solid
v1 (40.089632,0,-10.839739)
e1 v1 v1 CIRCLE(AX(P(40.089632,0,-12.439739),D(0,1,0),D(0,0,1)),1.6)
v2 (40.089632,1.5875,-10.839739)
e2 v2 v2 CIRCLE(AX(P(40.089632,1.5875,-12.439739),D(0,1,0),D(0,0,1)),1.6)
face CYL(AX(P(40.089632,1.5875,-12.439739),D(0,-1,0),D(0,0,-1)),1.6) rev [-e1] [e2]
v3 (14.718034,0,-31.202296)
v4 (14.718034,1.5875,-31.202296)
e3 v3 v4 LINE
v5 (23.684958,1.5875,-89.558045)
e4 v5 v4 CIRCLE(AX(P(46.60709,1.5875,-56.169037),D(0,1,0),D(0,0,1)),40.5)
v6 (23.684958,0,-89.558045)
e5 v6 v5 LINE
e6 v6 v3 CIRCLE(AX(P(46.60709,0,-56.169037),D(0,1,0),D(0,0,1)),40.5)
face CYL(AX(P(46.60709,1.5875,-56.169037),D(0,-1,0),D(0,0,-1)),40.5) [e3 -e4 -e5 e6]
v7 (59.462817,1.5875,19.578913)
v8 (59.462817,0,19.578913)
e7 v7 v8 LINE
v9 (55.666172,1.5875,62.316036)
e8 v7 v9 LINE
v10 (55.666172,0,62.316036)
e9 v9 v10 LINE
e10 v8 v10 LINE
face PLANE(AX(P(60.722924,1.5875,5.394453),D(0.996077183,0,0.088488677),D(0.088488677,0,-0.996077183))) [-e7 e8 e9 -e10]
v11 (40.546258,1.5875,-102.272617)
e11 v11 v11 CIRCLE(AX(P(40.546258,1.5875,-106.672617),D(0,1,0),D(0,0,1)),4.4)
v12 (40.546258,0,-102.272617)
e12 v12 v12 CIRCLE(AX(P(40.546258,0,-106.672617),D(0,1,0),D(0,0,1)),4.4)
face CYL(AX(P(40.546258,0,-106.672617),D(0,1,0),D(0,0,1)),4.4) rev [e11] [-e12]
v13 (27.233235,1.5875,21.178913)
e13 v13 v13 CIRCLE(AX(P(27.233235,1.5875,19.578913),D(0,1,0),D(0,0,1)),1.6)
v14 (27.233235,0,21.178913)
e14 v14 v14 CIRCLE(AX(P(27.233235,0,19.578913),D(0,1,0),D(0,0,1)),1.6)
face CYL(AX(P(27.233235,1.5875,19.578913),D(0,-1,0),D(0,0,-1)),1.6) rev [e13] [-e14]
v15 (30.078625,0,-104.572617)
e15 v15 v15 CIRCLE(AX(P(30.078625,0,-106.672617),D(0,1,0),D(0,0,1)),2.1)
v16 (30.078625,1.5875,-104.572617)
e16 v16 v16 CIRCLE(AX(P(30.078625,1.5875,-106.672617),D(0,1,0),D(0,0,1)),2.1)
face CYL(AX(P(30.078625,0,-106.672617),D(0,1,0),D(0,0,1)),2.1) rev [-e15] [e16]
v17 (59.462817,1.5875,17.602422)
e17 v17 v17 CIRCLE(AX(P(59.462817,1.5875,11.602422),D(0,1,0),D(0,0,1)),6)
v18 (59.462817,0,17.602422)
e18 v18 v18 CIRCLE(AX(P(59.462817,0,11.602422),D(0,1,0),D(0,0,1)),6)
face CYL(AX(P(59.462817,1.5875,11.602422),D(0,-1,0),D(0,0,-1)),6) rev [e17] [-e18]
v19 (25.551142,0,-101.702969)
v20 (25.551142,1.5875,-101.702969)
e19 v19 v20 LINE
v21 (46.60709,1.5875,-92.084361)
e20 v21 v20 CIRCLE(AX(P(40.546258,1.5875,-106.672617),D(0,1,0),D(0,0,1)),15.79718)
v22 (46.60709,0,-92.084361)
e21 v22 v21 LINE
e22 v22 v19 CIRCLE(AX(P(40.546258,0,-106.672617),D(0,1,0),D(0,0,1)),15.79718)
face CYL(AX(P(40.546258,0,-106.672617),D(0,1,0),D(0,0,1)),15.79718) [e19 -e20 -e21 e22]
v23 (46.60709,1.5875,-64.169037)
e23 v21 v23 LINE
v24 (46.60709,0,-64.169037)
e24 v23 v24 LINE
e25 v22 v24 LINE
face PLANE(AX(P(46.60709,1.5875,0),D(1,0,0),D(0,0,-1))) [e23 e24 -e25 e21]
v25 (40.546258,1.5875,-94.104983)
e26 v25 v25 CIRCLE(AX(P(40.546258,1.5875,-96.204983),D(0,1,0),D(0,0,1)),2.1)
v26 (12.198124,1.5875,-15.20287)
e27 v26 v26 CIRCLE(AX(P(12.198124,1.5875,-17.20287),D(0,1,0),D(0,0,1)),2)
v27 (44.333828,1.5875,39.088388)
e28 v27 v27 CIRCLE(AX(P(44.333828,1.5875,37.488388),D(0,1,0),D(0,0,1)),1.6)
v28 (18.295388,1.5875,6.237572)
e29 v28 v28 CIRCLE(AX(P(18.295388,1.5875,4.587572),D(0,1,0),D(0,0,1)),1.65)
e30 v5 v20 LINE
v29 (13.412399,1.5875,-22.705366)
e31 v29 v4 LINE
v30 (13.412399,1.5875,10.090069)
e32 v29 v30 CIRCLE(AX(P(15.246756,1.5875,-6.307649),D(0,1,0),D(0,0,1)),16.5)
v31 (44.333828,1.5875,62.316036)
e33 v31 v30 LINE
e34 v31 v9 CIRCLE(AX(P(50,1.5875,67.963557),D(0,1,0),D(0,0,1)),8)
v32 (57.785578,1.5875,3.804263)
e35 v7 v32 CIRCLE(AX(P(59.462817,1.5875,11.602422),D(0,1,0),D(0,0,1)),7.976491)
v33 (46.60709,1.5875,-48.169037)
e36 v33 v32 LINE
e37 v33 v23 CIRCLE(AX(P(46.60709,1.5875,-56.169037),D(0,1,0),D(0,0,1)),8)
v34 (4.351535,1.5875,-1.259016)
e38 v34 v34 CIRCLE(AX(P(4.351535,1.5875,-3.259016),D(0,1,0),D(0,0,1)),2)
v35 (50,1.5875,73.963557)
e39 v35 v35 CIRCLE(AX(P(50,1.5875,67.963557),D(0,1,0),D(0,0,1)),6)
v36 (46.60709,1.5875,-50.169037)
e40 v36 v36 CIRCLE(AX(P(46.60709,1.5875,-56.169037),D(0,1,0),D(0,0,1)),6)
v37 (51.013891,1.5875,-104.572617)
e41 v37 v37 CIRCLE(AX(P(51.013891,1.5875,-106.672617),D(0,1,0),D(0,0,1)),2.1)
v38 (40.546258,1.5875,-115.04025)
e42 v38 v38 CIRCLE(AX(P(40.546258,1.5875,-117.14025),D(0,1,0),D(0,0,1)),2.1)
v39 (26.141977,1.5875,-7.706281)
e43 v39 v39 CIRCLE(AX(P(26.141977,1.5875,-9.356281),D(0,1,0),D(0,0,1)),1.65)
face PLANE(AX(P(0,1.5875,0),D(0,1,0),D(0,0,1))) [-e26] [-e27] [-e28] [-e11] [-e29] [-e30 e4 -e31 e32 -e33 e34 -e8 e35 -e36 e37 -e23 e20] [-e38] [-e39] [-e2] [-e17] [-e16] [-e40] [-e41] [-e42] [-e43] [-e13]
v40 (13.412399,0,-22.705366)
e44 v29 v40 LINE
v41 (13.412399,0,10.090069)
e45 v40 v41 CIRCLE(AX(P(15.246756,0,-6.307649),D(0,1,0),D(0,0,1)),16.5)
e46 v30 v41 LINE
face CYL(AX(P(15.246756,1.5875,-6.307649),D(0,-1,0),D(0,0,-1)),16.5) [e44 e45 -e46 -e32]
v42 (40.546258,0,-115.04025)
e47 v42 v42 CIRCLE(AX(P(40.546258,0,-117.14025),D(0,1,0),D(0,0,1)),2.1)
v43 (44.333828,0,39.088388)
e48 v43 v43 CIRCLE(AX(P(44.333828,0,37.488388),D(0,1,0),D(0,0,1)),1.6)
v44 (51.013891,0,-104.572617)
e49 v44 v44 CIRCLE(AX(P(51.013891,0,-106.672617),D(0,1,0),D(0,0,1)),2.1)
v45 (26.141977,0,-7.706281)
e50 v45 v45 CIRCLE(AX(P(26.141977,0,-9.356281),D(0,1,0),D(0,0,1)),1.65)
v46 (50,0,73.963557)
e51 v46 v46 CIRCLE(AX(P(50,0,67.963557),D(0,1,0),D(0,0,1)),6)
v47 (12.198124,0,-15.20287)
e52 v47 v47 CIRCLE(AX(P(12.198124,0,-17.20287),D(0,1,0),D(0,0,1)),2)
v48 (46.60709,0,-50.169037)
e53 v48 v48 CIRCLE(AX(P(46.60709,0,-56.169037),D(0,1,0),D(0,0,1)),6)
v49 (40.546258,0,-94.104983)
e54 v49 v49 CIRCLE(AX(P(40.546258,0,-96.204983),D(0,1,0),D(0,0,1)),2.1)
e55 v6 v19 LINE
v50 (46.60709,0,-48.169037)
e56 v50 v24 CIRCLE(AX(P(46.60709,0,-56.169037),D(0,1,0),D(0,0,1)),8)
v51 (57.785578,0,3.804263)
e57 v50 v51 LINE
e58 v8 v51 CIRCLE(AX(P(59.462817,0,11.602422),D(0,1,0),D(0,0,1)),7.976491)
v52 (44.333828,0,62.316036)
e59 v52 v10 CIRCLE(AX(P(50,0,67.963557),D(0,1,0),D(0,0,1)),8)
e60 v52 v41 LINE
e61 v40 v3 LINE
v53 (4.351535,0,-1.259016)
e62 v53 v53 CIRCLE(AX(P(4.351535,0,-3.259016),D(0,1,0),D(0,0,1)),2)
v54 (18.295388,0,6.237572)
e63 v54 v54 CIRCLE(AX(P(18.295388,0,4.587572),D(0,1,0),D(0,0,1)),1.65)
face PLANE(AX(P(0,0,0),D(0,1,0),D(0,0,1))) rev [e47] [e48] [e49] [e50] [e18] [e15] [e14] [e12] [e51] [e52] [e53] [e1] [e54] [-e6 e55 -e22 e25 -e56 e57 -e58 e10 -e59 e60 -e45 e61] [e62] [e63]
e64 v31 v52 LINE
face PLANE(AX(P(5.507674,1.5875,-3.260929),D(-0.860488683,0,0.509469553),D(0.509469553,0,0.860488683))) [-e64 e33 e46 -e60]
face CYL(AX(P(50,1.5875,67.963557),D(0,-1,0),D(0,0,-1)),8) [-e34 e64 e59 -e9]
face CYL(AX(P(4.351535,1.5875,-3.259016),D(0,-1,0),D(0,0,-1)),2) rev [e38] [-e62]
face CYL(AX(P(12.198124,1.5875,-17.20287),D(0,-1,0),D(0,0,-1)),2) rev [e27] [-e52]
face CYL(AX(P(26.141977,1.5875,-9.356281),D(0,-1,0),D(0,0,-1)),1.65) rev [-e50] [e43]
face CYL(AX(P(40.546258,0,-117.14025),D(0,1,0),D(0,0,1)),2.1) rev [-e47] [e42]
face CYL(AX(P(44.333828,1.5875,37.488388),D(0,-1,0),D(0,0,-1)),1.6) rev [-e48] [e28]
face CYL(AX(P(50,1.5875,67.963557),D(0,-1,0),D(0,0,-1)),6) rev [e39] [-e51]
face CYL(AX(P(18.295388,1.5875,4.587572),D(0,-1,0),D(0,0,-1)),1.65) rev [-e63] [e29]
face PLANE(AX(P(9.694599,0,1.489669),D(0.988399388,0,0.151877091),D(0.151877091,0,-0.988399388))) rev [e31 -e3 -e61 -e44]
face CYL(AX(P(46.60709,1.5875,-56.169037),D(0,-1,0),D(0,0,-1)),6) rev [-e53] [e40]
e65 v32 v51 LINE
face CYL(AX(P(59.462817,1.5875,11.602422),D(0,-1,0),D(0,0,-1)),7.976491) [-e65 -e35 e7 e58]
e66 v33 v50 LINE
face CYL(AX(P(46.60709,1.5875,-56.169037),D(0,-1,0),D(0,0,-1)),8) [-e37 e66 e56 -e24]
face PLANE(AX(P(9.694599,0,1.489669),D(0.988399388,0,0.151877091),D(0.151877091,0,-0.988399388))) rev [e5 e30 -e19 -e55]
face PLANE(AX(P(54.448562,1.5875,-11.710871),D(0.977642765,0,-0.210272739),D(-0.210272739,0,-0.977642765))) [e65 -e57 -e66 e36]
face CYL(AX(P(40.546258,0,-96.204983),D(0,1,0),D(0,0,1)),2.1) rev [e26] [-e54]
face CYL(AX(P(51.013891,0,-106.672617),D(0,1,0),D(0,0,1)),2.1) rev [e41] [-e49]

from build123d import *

# Parameters (mm, degrees)
SKETCH1_R           = 1.6
SKETCH1_R_2         = 2
SKETCH1_R_3         = 1.65
SKETCH1_R_4         = 6
BOSS_EXTRUDE2_DEPTH = 1.5875
BOSS_EXTRUDE3_START = -1.5875
BOSS_EXTRUDE3_DEPTH = 1.5875
SKETCH4_R           = 4.4
SKETCH4_R_2         = 2.1
CUT_EXTRUDE1_DEPTH  = 1.5875


with BuildPart() as part:
    # Sketch1 → Boss-Extrude2 (new body)
    with BuildSketch(Plane(origin=(0, 0, 0), x_dir=(1, 0, 0), z_dir=(0, 1, 0))):
        with BuildLine():
            Line((57.785577921, -3.804263015), (46.607089569, 48.169037391))
            ThreePointArc((46.607089569, 48.169037391), (54.607089569, 56.169037391), (46.607089569, 64.169037391))
            Line((46.607089569, 64.169037391), (46.607089569, 96.669037391))
            ThreePointArc((46.607089569, 96.669037391), (9.774896481, 73.010639225), (15.974342375, 29.675928865))
            Line((15.974342375, 29.675928865), (13.412399058, 22.705365919))
            ThreePointArc((13.412399058, 22.705365919), (-1.253243965, 6.307648563), (13.412399058, -10.090068793))
            Line((13.412399058, -10.090068793), (44.33382846, -62.316035804))
            ThreePointArc((44.33382846, -62.316035804), (50, -75.963557391), (55.66617154, -62.316035804))
            Line((55.66617154, -62.316035804), (59.462816555, -19.578912916))
            ThreePointArc((59.462816555, -19.578912916), (67.394599283, -10.759075533), (57.785577921, -3.804263015))
        make_face()
        with Locations(Location((27.233234802, -19.578912916, 0), (0, 0, 270))):
            Circle(SKETCH1_R, mode=Mode.SUBTRACT)
        with Locations(Location((44.33382846, -37.488387538, 0), (0, 0, 270))):
            Circle(SKETCH1_R, mode=Mode.SUBTRACT)
        with Locations(Location((40.089632361, 12.439739227, 0), (0, 0, 270))):
            Circle(SKETCH1_R, mode=Mode.SUBTRACT)
        with Locations(Location((12.19812376, 17.202869591, 0), (0, 0, 270))):
            Circle(SKETCH1_R_2, mode=Mode.SUBTRACT)
        with Locations(Location((26.141977063, 9.356280839, 0), (0, 0, 270))):
            Circle(SKETCH1_R_3, mode=Mode.SUBTRACT)
        with Locations(Location((4.351535007, 3.259016288, 0), (0, 0, 270))):
            Circle(SKETCH1_R_2, mode=Mode.SUBTRACT)
        with Locations(Location((18.295388311, -4.587572465, 0), (0, 0, 270))):
            Circle(SKETCH1_R_3, mode=Mode.SUBTRACT)
        with Locations(Location((46.607089569, 56.169037391, 0), (0, 0, 270))):
            Circle(SKETCH1_R_4, mode=Mode.SUBTRACT)
        with Locations(Location((59.462816555, -11.60242182, 0), (0, 0, 270))):
            Circle(SKETCH1_R_4, mode=Mode.SUBTRACT)
        with Locations(Location((50, -67.963557391, 0), (0, 0, 270))):
            Circle(SKETCH1_R_4, mode=Mode.SUBTRACT)
    extrude(amount=BOSS_EXTRUDE2_DEPTH)

    # Sketch3 → Boss-Extrude3 (add)
    with BuildSketch(Plane(origin=(0, 1.5875, 0), x_dir=(1, 0, 0), z_dir=(0, 1, 0)).offset(BOSS_EXTRUDE3_START)):
        with BuildLine():
            ThreePointArc((56.343437375, 106.672616503), (38.029280092, 122.267991205), (25.551142047, 101.702968958))
            ThreePointArc((25.551142047, 101.702968958), (27.87263843, 97.242332074), (31.478334129, 93.737252132))
            ThreePointArc((31.478334129, 93.737252132), (38.901984022, 95.929336038), (46.607089569, 96.669037391))
            Line((46.607089569, 96.669037391), (46.607089569, 92.08436081))
            ThreePointArc((46.607089569, 92.08436081), (53.685796044, 97.903157102), (56.343437375, 106.672616503))
        make_face()
        with BuildLine():
            ThreePointArc((46.607089569, 96.669037391), (38.901984022, 95.929336038), (31.478334129, 93.737252132))
            ThreePointArc((31.478334129, 93.737252132), (38.83054718, 90.968883646), (46.607089569, 92.08436081))
            Line((46.607089569, 92.08436081), (46.607089569, 96.669037391))
        make_face()
        with BuildLine():
            Line((25.551142047, 101.702968958), (23.684957519, 89.558045497))
            ThreePointArc((23.684957519, 89.558045497), (27.467237121, 91.860997946), (31.478334129, 93.737252132))
            ThreePointArc((31.478334129, 93.737252132), (27.87263843, 97.242332074), (25.551142047, 101.702968958))
        make_face()
        with BuildLine():
            Line((14.718034312, 31.202296417), (13.412399058, 22.705365919))
            Line((13.412399058, 22.705365919), (15.974342375, 29.675928865))
            ThreePointArc((15.974342375, 29.675928865), (15.33687379, 30.431446107), (14.718034312, 31.202296417))
        make_face()
    extrude(amount=BOSS_EXTRUDE3_DEPTH)

    # Sketch4 → Cut-Extrude1 (cut)
    with BuildSketch(Plane(origin=(0, 1.5875, 0), x_dir=(1, 0, 0), z_dir=(0, 1, 0))):
        with Locations(Location((40.546257627, 106.672616503, 0), (0, 0, 270))):
            Circle(SKETCH4_R)
        with Locations(Location((40.546257627, 117.14024961, 0), (0, 0, 270))):
            Circle(SKETCH4_R_2)
        with Locations(Location((30.07862452, 106.672616503, 0), (0, 0, 270))):
            Circle(SKETCH4_R_2)
        with Locations(Location((51.013890734, 106.672616503, 0), (0, 0, 270))):
            Circle(SKETCH4_R_2)
        with Locations(Location((40.546257627, 96.204983396, 0), (0, 0, 270))):
            Circle(SKETCH4_R_2)
    extrude(amount=-CUT_EXTRUDE1_DEPTH, mode=Mode.SUBTRACT)


solid = part.part
